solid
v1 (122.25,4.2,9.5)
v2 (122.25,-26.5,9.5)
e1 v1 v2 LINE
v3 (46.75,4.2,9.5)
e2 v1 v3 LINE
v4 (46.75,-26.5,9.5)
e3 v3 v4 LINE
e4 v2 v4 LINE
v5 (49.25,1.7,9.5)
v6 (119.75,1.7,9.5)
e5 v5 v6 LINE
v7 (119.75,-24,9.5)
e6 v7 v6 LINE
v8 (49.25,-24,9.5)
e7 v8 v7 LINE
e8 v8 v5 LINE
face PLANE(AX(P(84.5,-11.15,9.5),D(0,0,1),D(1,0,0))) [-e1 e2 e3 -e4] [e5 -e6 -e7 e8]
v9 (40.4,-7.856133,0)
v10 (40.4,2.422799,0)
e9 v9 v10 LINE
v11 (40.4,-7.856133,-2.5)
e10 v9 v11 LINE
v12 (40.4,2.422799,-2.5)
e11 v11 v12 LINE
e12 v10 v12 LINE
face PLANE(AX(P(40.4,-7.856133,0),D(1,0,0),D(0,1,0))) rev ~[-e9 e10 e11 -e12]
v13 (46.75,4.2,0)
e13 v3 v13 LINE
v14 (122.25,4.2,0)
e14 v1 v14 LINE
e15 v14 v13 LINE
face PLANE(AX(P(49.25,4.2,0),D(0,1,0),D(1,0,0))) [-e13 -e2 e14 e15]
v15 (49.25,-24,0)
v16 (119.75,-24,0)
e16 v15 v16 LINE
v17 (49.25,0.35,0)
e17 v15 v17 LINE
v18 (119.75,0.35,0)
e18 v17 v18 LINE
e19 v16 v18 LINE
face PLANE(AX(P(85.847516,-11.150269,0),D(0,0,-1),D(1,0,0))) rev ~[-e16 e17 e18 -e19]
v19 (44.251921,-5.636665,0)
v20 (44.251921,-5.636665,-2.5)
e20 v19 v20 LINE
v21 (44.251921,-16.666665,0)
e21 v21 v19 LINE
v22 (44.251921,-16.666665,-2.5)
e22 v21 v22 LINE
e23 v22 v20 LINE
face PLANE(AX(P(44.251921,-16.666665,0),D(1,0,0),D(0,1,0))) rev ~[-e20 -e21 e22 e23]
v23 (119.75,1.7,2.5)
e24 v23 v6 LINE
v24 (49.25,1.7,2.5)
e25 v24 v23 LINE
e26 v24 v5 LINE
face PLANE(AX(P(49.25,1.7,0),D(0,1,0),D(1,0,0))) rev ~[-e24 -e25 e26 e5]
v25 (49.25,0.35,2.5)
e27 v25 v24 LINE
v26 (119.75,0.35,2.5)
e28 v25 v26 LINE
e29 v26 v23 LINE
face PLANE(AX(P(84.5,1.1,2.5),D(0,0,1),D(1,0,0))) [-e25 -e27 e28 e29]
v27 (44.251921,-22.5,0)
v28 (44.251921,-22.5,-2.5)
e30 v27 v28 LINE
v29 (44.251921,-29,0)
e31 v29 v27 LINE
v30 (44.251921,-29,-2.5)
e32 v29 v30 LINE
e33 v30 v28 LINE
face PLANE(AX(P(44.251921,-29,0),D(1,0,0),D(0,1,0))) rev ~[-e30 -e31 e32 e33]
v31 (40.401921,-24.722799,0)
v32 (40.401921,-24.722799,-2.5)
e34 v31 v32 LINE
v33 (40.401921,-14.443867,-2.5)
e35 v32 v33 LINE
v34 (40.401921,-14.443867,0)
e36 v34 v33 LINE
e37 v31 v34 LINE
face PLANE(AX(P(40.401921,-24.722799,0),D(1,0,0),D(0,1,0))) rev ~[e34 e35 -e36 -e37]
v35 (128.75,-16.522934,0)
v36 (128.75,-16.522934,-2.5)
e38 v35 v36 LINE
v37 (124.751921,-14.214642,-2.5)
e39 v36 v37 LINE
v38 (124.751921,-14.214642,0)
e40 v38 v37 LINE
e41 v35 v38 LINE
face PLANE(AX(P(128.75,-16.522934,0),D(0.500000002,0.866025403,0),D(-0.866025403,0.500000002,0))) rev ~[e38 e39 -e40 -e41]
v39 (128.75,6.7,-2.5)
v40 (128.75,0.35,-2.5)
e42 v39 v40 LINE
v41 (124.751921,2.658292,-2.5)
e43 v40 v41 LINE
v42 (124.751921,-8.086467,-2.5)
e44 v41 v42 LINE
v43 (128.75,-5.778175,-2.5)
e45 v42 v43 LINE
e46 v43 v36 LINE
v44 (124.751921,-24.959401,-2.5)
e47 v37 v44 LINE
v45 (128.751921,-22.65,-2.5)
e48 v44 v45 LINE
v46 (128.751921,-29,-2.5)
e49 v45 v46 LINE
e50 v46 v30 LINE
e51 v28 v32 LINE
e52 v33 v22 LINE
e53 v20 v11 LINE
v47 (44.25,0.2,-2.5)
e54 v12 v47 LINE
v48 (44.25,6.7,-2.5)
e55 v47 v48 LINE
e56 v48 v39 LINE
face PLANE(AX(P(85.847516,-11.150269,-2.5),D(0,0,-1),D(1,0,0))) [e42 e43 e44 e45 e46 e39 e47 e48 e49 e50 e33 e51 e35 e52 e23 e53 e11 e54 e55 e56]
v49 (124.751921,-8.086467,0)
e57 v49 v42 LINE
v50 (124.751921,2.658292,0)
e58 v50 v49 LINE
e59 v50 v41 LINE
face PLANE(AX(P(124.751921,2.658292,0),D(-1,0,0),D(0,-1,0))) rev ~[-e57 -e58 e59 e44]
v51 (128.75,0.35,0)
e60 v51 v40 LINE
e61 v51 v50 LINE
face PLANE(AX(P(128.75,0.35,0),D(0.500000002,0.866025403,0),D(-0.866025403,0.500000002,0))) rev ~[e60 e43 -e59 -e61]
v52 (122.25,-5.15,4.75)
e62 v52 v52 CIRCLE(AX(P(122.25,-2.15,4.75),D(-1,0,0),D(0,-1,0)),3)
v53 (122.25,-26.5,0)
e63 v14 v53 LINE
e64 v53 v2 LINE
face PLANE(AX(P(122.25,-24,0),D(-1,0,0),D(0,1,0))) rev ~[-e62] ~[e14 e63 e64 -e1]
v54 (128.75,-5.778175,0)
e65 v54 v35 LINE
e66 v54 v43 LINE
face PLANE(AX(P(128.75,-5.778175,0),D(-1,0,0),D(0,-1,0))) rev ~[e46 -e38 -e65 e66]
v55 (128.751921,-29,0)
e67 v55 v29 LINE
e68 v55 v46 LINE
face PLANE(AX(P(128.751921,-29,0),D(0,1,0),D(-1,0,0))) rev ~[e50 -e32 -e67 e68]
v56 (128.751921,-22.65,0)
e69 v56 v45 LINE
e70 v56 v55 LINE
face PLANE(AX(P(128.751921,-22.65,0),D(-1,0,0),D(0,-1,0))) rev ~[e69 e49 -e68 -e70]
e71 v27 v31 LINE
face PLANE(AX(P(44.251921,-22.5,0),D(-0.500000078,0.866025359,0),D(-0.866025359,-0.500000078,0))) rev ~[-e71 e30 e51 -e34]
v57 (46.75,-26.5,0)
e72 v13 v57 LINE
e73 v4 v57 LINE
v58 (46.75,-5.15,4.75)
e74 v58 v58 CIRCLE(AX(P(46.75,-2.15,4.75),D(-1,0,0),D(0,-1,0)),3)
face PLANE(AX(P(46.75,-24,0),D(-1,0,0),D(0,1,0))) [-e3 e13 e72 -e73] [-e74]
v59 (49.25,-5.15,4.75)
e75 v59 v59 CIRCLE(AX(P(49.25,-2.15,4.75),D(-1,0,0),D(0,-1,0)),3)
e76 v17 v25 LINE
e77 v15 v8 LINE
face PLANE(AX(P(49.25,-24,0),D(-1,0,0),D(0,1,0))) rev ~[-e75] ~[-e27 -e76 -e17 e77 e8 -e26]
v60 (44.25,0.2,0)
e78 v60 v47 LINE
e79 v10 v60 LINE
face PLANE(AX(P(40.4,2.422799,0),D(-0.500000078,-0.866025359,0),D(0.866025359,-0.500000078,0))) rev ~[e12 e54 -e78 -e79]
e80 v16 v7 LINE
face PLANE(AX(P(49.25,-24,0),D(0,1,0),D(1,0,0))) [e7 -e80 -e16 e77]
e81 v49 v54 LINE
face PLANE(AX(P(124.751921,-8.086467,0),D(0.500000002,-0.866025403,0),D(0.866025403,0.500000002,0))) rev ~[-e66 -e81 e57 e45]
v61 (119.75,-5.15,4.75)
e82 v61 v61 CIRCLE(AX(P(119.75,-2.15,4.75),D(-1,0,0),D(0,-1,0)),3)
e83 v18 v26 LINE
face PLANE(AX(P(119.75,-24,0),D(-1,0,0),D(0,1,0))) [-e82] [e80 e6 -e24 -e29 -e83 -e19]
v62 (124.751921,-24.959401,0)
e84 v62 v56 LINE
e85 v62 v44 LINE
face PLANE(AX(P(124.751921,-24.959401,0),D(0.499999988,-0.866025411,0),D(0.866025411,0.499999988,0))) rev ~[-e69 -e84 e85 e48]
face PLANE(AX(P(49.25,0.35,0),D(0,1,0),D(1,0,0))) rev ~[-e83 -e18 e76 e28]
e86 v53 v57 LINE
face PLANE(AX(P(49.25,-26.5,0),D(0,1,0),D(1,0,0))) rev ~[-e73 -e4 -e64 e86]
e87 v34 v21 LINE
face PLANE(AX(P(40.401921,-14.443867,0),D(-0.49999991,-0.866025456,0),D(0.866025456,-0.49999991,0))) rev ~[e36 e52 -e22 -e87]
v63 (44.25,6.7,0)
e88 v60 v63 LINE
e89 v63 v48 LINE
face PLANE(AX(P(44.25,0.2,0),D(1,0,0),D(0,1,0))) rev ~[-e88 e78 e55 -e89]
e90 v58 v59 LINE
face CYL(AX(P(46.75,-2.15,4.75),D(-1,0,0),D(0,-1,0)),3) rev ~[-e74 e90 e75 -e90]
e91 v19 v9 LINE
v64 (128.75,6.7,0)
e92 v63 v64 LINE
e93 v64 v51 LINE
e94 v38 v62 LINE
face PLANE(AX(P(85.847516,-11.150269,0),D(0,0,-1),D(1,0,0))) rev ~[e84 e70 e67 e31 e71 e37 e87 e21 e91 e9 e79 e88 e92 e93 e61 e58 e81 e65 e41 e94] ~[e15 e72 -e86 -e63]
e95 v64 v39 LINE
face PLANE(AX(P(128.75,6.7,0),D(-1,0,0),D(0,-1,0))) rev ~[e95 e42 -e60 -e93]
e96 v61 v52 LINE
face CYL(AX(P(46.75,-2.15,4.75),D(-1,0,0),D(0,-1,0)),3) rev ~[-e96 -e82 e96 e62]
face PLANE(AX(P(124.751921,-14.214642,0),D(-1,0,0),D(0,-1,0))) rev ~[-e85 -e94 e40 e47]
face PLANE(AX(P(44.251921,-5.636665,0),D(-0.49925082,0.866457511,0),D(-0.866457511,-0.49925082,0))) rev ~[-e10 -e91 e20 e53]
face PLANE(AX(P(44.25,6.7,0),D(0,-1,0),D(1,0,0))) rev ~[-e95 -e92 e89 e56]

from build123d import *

# Parameters (mm, degrees)
SKETCH006_W     = 70.5
SKETCH006_H     = 25.7
PAD003_DEPTH    = 9.5
THICKNESS001_T  = 2.5
SKETCH007_R     = 3
POCKET002_DEPTH = 75.501
SKETCH046_W     = 70.5
SKETCH046_H     = 1.5
PAD039_DEPTH    = 2.5
PAD002_DEPTH    = 2.5


with BuildPart() as body002:
    # Sketch006 → Pad003 (new body)
    with BuildSketch(Plane.XY):
        with Locations((0, -48)):
            Rectangle(SKETCH006_W, SKETCH006_H)
    extrude(amount=PAD003_DEPTH)

    # Thickness001
    thickness001_openings = [body002.faces().sort_by_distance(p)[0] for p in [
        (0, -48, 9.5),
        (0, -48, 0),
    ]]
    offset(amount=THICKNESS001_T, openings=thickness001_openings, kind=Kind.INTERSECTION)

    # Sketch007 (on Face6 of Thickness001) → Pocket002 (cut, through all)
    with BuildSketch(Plane(origin=(-37.75, 0, 0), x_dir=(0, -1, 0), z_dir=(-1, 0, 0))):
        with Locations((39, 4.75)):
            Circle(SKETCH007_R)
    extrude(amount=-POCKET002_DEPTH, mode=Mode.SUBTRACT)

    # Sketch046 → Pad039 (join)
    with BuildSketch(Plane.XY):
        with Locations((0, -35.75)):
            Rectangle(SKETCH046_W, SKETCH046_H)
    extrude(amount=PAD039_DEPTH)


with BuildPart() as body002_1:
    # Body002 placement: moved
    add(body002.part.moved(Location((84.5, 36.85, 0))))


with BuildPart() as middle:
    # Sketch005 → Pad002 (new body)
    with BuildSketch(Plane(origin=(0, 0, 0), x_dir=(1, 0, 0), z_dir=(0, 0, -1))):
        Polygon((-40.25, 30.15), (40.25, 30.15), (44.25, 30.15), (44.25, 36.5), (40.251921, 34.191708), (40.251921, 44.936467), (44.25, 42.628175), (44.25, 53.372934), (40.251921, 51.064642), (40.251921, 61.809401), (44.251921, 59.5), (44.251921, 65.85), (40.251921, 65.85), (-40.248079, 65.85), (-40.248079, 59.35), (-44.098079, 61.572799), (-44.098079, 51.293867), (-40.248079, 53.516665), (-40.248079, 42.486665), (-44.1, 44.706133), (-44.1, 34.427201), (-40.25, 36.65), align=None)
    extrude(amount=PAD002_DEPTH)


with BuildPart() as middle_1:
    # Body001 placement: moved
    add(middle.part.moved(Location((84.5, 36.85, 0))))

    # Fusion003: union Body002
    add(body002_1.part)


solid = middle_1.part
